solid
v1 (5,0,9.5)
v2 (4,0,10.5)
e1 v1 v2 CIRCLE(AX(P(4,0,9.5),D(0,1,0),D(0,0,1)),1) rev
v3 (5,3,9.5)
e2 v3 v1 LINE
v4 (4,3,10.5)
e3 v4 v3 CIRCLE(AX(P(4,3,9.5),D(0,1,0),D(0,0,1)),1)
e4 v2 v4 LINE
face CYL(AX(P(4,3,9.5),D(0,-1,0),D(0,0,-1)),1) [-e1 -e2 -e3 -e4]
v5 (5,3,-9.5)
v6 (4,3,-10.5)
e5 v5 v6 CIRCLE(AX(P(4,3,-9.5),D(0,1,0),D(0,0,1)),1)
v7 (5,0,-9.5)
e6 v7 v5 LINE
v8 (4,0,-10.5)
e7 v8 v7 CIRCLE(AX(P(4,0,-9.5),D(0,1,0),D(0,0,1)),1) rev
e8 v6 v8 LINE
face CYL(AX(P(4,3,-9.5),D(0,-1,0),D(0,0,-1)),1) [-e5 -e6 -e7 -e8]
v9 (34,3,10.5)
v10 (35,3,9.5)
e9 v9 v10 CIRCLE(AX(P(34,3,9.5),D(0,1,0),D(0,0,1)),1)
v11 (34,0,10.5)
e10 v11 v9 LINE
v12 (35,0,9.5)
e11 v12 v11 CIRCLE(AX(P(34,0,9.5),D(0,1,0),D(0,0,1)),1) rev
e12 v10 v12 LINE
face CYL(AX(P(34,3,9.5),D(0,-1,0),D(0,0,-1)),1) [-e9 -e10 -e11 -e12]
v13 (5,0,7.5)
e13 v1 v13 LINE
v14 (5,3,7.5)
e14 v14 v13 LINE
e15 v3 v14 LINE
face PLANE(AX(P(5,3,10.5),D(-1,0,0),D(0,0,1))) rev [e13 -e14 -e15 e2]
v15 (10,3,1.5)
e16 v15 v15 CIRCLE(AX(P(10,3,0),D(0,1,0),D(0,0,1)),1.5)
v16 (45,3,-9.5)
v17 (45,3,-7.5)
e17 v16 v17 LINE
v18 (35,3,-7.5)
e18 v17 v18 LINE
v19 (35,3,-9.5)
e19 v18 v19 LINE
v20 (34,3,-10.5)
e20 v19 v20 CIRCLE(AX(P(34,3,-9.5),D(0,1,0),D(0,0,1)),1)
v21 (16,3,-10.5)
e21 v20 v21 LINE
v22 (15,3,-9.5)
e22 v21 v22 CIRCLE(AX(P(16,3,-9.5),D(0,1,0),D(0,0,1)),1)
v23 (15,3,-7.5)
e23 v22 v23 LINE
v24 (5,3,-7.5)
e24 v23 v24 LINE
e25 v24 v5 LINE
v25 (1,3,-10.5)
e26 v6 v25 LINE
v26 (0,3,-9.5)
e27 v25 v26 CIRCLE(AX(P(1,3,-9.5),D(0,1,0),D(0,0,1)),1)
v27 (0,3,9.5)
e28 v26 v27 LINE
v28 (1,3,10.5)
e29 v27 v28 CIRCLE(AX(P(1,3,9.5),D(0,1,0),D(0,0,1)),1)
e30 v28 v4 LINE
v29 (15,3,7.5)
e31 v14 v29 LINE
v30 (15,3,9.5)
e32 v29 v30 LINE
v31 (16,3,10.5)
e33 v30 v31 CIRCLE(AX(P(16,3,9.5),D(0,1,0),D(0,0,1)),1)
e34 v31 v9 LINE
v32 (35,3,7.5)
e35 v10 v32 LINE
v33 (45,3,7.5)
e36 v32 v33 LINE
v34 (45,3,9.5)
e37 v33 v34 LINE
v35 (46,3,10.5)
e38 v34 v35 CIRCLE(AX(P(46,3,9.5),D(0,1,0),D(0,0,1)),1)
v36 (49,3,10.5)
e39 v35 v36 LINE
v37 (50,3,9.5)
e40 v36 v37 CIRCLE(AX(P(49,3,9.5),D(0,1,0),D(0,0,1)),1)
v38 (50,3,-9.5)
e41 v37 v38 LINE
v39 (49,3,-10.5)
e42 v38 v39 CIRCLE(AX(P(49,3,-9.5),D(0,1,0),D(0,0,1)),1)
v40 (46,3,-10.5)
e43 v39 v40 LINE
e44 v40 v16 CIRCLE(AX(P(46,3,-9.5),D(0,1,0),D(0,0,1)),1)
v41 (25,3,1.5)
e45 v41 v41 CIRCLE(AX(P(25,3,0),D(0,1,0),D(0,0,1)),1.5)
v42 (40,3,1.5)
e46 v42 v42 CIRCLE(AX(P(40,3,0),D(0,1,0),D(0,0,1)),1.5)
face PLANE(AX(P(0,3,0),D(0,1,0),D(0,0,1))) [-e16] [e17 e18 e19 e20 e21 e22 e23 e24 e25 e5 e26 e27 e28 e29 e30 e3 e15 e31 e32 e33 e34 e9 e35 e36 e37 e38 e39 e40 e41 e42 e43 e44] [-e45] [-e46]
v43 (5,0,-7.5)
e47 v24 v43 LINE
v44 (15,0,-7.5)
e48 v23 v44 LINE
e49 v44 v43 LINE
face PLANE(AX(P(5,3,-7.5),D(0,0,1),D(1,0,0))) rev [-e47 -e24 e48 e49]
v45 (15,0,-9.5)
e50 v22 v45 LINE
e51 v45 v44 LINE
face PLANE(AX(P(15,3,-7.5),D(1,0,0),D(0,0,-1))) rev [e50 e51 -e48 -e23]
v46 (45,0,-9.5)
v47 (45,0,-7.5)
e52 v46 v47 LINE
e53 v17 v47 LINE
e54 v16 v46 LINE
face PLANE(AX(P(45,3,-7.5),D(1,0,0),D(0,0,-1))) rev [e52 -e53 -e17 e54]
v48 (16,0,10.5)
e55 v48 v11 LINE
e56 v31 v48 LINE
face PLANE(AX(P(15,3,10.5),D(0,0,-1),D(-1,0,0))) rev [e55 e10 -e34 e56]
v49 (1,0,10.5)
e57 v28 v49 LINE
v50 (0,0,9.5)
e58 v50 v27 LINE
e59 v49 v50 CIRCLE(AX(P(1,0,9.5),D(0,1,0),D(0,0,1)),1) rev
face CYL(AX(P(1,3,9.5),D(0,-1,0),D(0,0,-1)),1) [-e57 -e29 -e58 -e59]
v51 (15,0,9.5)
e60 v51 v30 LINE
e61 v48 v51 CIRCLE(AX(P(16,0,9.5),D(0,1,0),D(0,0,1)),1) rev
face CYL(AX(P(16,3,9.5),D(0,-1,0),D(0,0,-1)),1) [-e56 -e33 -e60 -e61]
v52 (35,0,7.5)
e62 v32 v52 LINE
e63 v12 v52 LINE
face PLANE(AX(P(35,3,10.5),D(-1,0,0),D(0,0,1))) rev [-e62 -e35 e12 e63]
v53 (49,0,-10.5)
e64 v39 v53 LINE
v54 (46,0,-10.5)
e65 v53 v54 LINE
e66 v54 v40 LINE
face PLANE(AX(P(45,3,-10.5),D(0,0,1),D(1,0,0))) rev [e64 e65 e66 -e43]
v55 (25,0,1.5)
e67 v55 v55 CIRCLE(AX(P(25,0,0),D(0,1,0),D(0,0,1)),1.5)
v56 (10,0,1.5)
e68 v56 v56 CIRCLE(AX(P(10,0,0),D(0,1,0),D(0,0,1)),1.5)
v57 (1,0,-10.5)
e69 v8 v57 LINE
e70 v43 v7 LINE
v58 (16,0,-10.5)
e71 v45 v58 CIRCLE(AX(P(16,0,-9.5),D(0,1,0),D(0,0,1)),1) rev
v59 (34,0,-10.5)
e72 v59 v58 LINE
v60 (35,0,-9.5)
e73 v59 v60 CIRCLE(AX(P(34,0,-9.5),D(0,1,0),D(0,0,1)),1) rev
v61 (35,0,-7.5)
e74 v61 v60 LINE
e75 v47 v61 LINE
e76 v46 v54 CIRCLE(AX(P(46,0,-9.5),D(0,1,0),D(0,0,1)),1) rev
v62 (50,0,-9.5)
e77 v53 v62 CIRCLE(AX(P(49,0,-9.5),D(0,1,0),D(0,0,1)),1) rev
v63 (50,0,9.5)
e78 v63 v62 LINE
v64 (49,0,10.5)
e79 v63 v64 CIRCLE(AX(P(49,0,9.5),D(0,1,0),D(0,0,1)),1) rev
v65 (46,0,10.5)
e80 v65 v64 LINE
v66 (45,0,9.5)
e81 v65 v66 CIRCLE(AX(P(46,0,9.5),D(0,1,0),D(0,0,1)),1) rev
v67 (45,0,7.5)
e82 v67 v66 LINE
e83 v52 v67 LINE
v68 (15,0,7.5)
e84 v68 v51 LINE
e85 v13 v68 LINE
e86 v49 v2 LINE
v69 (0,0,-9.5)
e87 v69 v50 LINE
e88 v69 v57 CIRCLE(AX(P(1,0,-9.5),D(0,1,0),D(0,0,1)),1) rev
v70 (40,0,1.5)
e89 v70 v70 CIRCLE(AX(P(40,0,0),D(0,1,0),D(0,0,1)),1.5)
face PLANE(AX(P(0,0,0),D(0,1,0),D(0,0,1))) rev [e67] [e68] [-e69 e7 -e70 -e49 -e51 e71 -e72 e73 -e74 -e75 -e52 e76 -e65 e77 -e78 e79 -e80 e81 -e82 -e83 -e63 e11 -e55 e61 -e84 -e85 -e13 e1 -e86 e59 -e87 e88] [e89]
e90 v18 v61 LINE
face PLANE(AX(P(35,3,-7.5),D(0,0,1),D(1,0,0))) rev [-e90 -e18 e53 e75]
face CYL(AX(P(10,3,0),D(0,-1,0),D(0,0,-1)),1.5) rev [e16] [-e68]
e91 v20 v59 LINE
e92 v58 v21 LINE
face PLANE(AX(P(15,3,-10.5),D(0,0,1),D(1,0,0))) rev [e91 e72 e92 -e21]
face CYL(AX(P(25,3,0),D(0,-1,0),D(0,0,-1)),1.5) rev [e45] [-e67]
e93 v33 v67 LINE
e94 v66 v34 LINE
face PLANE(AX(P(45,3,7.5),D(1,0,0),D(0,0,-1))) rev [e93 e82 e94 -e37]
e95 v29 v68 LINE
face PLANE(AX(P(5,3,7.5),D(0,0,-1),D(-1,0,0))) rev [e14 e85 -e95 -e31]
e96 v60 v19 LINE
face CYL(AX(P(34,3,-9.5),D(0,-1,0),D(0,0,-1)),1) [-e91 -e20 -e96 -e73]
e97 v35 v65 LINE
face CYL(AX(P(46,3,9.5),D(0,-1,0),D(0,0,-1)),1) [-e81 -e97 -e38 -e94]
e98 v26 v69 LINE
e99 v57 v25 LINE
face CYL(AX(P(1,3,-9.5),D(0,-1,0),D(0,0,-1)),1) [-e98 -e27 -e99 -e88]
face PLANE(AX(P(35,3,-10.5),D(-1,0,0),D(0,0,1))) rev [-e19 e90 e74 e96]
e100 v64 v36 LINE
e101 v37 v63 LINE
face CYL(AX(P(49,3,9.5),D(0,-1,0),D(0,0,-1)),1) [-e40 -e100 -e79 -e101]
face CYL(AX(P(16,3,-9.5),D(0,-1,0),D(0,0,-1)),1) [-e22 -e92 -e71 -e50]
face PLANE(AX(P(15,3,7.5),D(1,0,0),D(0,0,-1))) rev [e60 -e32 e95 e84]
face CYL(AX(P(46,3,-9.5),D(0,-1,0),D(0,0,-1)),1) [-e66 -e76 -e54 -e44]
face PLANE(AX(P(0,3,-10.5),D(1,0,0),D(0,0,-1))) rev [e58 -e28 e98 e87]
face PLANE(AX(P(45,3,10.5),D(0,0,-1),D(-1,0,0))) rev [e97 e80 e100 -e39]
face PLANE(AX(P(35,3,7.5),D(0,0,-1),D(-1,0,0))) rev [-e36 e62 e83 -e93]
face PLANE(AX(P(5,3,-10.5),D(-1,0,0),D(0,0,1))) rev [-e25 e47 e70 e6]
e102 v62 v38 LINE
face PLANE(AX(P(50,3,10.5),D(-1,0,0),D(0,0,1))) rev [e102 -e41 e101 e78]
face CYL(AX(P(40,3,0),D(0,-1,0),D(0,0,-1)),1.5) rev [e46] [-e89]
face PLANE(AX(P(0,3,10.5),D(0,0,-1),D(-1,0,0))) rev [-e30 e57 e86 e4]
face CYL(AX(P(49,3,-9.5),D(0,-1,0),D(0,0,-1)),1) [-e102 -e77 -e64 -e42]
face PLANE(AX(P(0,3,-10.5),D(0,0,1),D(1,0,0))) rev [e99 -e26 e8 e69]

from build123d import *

# Parameters (mm, degrees)
SKETCH_1_R      = 1.5
EXTRUDE_1_DEPTH = 3
FILLET_1_R      = 1


with BuildPart() as part:
    # 草图1 → 凸台-拉伸1 (new body)
    with BuildSketch(Plane(origin=(0, 0, 0), x_dir=(1, 0, 0), z_dir=(0, 1, 0))):
        Polygon((0, 10.5), (0, -10.5), (5, -10.5), (5, -7.5), (15, -7.5), (15, -10.5), (35, -10.5), (35, -7.5), (45, -7.5), (45, -10.5), (50, -10.5), (50, 10.5), (45, 10.5), (45, 7.5), (35, 7.5), (35, 10.5), (15, 10.5), (15, 7.5), (5, 7.5), (5, 10.5), align=None)
        with Locations(Location((10, 0, 0), (0, 0, 270))):
            Circle(SKETCH_1_R, mode=Mode.SUBTRACT)
        with Locations(Location((40, 0, 0), (0, 0, 270))):
            Circle(SKETCH_1_R, mode=Mode.SUBTRACT)
        with Locations(Location((25, 0, 0), (0, 0, 270))):
            Circle(SKETCH_1_R, mode=Mode.SUBTRACT)
    extrude(amount=EXTRUDE_1_DEPTH)

    # 圆角1
    fillet_1_edges = [part.edges().sort_by_distance(p)[0] for p in [
        (0, 1.5, 10.5),
        (0, 1.5, -10.5),
        (5, 1.5, -10.5),
        (15, 1.5, -10.5),
        (35, 1.5, -10.5),
        (45, 1.5, -10.5),
        (50, 1.5, -10.5),
        (50, 1.5, 10.5),
        (45, 1.5, 10.5),
        (35, 1.5, 10.5),
        (15, 1.5, 10.5),
        (5, 1.5, 10.5),
    ]]
    fillet(fillet_1_edges, radius=FILLET_1_R)


solid = part.part
